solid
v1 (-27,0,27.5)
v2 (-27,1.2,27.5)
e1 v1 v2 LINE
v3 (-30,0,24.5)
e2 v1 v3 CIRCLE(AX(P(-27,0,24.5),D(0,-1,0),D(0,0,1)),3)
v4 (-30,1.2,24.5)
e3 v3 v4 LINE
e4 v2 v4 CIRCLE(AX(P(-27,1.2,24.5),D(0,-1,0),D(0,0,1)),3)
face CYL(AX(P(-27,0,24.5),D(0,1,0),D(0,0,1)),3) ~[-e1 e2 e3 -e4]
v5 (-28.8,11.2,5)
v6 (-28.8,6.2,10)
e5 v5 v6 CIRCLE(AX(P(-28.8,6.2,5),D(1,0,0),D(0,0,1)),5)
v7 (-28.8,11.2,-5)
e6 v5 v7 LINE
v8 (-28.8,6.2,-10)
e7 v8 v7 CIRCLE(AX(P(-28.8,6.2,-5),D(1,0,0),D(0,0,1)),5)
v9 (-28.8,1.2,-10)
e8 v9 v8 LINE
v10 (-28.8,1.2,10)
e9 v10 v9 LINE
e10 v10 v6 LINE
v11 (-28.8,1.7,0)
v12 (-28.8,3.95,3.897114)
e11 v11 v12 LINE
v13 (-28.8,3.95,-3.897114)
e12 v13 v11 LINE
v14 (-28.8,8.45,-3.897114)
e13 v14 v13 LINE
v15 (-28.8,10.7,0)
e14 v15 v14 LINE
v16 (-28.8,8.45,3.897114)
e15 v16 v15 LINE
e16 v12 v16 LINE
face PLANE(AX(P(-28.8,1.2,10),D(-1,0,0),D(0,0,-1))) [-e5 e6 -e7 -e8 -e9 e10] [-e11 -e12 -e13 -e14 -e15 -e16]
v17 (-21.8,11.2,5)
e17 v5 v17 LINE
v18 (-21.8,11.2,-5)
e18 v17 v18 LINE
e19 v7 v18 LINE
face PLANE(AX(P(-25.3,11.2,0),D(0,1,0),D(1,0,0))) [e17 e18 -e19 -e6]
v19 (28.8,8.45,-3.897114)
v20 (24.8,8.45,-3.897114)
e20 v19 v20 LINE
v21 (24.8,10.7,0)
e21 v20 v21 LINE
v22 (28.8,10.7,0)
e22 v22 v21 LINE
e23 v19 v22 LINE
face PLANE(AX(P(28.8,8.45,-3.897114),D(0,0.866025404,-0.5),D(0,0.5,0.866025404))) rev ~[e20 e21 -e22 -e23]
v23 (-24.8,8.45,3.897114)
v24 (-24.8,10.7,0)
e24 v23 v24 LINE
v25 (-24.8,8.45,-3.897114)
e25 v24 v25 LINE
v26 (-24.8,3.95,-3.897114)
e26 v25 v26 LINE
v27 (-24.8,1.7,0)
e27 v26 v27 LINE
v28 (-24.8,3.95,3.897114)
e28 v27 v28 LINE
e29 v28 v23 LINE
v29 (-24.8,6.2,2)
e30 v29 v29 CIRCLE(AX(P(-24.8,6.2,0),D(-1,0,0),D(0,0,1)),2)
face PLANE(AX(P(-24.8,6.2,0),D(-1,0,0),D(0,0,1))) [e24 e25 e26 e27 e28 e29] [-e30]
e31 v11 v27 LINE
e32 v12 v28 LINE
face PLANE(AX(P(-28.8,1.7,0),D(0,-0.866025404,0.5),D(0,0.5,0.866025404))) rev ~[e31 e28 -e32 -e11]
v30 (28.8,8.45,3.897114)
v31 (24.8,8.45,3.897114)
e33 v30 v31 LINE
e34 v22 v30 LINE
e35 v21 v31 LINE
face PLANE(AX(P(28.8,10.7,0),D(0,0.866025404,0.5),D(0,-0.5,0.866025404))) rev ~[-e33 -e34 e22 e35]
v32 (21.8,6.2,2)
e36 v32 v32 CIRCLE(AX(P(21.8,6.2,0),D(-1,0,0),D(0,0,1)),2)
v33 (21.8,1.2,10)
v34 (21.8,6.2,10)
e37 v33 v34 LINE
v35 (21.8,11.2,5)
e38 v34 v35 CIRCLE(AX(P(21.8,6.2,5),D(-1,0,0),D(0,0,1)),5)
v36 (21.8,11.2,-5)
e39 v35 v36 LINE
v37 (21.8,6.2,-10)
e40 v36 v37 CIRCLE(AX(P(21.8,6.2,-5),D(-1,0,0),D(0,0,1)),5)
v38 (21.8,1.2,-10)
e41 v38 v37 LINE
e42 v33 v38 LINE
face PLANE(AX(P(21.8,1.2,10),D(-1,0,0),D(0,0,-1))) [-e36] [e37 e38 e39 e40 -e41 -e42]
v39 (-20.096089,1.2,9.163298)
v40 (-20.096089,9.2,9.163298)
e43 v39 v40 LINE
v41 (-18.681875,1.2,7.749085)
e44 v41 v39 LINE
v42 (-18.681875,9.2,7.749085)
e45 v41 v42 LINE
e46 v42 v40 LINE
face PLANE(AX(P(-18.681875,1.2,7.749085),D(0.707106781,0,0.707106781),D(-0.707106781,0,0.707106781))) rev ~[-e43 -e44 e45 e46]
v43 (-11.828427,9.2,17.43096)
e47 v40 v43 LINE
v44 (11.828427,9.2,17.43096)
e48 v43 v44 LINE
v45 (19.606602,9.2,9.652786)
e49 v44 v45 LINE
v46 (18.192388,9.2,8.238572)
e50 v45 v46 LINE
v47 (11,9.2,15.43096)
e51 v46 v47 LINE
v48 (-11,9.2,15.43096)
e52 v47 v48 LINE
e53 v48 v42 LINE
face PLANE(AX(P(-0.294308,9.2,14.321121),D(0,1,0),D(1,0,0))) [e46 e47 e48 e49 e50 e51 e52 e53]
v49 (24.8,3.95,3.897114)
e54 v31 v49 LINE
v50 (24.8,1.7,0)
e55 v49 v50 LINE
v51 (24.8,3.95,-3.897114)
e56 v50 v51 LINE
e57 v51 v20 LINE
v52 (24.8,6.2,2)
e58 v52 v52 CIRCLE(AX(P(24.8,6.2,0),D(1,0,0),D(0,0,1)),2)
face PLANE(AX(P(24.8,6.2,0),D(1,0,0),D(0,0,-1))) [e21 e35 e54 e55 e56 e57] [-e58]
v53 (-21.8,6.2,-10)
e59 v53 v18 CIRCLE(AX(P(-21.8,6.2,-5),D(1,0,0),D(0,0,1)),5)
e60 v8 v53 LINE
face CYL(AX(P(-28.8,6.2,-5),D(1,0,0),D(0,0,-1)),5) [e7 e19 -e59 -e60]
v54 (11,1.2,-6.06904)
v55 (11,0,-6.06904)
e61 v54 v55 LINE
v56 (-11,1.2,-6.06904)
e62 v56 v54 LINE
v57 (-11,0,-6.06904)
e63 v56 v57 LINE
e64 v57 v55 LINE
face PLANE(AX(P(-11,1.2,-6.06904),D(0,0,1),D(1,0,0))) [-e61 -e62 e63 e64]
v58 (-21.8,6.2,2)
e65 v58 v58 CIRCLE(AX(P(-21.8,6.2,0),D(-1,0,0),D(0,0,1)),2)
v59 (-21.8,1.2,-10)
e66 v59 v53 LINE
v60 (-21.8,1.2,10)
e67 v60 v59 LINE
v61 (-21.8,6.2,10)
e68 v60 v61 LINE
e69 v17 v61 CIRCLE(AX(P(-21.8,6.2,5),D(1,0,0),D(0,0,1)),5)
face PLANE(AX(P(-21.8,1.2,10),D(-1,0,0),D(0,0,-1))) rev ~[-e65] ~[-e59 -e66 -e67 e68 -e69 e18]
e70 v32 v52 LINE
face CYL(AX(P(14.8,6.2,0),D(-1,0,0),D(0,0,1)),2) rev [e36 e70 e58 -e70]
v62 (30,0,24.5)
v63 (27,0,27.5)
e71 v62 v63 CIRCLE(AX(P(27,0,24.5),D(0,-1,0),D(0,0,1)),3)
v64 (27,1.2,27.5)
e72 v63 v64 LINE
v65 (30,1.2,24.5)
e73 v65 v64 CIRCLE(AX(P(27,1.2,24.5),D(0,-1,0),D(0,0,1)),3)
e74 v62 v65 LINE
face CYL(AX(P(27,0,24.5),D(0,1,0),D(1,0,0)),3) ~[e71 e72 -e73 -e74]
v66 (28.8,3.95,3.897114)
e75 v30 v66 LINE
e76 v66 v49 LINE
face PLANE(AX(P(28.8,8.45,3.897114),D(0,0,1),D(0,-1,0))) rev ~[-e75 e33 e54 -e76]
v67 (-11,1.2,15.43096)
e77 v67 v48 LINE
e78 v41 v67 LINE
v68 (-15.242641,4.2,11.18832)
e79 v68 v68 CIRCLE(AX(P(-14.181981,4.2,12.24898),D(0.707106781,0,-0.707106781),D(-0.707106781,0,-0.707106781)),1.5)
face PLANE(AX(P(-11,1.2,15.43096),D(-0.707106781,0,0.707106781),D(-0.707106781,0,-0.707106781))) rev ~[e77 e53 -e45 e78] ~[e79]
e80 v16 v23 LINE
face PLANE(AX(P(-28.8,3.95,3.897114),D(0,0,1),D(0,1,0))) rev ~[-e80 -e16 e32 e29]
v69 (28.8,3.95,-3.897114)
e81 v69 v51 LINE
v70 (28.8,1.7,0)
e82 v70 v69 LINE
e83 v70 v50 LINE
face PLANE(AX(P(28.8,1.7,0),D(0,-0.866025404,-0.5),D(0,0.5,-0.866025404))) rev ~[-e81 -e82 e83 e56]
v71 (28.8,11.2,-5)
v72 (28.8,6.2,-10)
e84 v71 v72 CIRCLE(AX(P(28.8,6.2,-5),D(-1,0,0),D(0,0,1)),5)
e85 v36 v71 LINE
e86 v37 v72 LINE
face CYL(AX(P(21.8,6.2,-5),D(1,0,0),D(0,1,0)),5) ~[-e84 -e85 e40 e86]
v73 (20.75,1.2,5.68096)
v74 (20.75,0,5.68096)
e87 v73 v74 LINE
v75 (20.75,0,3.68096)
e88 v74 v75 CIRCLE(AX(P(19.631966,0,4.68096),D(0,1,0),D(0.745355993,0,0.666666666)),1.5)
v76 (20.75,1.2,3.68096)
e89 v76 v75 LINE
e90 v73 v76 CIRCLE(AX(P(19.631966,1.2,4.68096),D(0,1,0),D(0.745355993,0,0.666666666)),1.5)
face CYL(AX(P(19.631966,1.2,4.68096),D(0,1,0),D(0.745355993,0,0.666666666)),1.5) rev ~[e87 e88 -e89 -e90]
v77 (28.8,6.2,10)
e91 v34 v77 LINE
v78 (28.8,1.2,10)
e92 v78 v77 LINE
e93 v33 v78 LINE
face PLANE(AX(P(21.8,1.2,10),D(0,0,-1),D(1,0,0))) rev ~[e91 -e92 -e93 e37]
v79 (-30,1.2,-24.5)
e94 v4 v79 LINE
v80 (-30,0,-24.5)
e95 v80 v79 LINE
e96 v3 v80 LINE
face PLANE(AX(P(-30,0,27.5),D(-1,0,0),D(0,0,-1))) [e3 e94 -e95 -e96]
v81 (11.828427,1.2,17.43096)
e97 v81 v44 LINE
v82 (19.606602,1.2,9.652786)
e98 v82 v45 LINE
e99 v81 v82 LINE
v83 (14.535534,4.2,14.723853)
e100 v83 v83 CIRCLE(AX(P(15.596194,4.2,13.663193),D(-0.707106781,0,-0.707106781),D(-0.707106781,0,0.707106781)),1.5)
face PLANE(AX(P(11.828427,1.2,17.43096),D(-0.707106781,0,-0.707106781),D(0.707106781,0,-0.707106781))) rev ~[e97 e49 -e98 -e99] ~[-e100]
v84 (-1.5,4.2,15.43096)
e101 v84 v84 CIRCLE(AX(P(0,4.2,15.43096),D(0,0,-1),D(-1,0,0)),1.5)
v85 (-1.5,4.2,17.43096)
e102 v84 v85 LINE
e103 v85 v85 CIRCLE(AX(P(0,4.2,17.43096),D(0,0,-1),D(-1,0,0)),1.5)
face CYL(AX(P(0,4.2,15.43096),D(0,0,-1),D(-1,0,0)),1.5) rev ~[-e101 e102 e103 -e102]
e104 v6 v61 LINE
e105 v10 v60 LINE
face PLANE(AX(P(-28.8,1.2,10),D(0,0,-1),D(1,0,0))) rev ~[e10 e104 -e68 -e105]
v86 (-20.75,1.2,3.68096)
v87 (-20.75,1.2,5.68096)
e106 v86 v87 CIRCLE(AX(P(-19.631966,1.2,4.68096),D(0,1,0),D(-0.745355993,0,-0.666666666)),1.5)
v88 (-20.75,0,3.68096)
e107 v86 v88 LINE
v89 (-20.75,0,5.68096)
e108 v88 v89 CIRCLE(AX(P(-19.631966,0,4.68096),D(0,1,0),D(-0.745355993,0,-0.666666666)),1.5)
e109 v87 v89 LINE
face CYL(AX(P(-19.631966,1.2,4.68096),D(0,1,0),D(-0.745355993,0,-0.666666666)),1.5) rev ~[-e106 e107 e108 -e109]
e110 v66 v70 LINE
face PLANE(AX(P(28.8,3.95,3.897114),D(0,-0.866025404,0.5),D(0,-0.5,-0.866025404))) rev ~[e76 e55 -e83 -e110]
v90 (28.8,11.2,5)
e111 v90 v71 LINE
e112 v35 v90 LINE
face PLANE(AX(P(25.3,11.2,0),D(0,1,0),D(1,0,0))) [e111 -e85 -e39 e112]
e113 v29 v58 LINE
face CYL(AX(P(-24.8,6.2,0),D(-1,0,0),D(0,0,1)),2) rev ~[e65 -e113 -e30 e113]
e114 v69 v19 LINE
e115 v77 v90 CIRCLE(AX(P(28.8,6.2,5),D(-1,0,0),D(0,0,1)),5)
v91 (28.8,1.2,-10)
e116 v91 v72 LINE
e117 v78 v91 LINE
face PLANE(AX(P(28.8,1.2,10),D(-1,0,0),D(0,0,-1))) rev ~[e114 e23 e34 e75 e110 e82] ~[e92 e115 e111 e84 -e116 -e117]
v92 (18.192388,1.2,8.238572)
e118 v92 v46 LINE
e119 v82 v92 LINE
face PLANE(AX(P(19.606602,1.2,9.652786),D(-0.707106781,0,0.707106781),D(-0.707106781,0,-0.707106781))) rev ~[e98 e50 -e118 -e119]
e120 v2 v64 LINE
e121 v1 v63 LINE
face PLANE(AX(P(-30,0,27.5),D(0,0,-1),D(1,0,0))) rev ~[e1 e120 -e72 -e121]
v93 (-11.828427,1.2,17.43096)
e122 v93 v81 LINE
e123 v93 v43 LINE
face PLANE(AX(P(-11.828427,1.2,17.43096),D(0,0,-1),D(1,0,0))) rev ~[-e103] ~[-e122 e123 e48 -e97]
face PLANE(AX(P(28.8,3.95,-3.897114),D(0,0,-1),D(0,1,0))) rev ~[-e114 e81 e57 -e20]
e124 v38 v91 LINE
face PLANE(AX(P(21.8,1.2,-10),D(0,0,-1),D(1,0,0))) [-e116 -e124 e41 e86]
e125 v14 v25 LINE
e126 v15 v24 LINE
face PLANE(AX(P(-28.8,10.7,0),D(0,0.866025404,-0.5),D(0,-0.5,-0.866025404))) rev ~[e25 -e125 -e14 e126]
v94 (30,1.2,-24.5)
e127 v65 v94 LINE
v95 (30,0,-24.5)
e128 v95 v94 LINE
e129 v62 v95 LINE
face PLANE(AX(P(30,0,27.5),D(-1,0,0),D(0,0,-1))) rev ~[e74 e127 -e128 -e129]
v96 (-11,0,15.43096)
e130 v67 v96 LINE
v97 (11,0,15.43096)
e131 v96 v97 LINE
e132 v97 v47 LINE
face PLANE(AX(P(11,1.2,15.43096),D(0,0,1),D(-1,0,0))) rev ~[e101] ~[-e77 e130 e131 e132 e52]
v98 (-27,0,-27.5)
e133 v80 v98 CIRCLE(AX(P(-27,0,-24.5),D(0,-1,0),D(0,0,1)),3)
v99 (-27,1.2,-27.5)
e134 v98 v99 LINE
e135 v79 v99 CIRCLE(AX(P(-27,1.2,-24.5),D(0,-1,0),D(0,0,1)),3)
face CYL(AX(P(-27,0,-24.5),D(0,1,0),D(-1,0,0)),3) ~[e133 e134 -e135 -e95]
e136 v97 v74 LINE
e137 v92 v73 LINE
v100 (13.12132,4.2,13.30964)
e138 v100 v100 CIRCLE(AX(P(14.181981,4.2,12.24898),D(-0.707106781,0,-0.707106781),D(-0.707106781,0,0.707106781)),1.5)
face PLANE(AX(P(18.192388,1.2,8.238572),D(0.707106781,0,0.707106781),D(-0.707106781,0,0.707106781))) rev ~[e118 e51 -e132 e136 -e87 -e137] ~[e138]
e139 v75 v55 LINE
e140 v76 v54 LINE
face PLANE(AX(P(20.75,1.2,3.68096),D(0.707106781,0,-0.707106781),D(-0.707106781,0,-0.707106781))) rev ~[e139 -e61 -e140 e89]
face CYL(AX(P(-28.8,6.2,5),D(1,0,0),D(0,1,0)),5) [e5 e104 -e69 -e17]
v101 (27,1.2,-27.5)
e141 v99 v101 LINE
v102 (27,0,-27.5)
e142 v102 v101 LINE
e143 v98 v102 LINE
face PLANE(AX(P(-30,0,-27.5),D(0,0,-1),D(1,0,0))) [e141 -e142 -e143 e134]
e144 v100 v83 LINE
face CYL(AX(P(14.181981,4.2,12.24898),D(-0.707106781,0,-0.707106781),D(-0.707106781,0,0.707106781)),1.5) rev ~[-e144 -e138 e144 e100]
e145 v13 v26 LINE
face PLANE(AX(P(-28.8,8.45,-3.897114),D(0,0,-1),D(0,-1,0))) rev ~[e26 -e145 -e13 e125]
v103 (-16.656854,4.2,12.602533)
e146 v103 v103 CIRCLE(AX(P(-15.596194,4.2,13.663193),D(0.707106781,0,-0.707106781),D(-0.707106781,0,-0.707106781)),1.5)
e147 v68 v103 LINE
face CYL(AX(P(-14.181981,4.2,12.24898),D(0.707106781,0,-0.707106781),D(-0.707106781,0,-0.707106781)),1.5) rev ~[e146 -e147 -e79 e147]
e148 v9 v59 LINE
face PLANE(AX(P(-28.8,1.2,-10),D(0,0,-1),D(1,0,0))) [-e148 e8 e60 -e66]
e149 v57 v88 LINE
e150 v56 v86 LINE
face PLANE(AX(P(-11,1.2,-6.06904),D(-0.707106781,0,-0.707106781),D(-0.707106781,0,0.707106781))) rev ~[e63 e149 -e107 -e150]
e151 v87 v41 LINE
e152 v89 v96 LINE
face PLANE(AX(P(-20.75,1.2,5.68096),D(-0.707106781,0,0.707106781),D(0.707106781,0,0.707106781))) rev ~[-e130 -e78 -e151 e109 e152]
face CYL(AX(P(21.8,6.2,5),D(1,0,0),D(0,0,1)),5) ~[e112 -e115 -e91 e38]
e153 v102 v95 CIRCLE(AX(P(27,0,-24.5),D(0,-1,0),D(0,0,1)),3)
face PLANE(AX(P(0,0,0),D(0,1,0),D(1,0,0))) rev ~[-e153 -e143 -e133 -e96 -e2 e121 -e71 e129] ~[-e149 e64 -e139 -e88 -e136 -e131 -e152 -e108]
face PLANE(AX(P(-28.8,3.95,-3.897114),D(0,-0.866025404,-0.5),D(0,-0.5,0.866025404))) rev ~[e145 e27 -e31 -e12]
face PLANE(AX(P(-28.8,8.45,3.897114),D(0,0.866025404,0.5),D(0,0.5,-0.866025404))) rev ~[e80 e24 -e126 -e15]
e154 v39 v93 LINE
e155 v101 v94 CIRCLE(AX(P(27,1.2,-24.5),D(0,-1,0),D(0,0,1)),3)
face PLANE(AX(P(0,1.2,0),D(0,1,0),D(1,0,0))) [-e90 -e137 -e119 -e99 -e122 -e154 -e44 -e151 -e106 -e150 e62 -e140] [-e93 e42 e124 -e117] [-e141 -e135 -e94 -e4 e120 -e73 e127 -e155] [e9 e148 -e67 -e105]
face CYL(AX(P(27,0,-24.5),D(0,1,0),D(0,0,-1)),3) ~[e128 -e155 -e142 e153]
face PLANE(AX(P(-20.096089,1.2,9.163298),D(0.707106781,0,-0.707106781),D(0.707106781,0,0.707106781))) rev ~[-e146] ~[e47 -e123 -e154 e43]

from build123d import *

# Parameters (mm, degrees)
ESBO_O1_W                = 60
ESBO_O1_H                = 55
RESSALTO_EXTRUS_O1_DEPTH = 1.2
ESBO_O2_W                = 22
ESBO_O2_H                = 21.5
CORTE_EXTRUS_O1_DEPTH    = 41.714739346
RESSALTO_EXTRUS_O2_DEPTH = 8
ESBO_O4_R                = 1.5
CORTE_EXTRUS_O2_DEPTH    = 7
ESBO_O5_R                = 1.5
CORTE_EXTRUS_O3_DEPTH    = 7
ESBO_O6_R                = 1.5
CORTE_EXTRUS_O4_DEPTH    = 7
FILETE1_R                = 3
FILETE2_R                = 3
FILETE3_R                = 3
FILETE4_R                = 3
ESBO_O8_W                = 7
ESBO_O8_H                = 20
RESSALTO_EXTRUS_O3_DEPTH = 10
CORTE_EXTRUS_O6_DEPTH    = 4
ESBO_O11_R               = 2
CORTE_EXTRUS_O7_DEPTH    = 10
CORTE_EXTRUS_O8_DEPTH    = 4
CORTE_EXTRUS_O9_START    = -10
ESBO_O13_R               = 2
CORTE_EXTRUS_O9_DEPTH    = 10
FILETE5_R                = 5
FILETE6_R                = 5
FILETE7_R                = 5
FILETE9_R                = 5


with BuildPart() as part:
    # Esboço1 → Ressalto-extrusão1 (new body)
    with BuildSketch(Plane(origin=(0, 0, 0), x_dir=(1, 0, 0), z_dir=(0, 1, 0))):
        Rectangle(ESBO_O1_W, ESBO_O1_H)
    extrude(amount=RESSALTO_EXTRUS_O1_DEPTH)

    # Esboço2 → Corte-extrusão1 (cut, through all)
    with BuildSketch(Plane(origin=(0, 1.2, 0), x_dir=(1, 0, 0), z_dir=(0, 1, 0))):
        with Locations((0, -4.680960194)):
            Rectangle(ESBO_O2_W, ESBO_O2_H)
        with BuildLine():
            Line((-20.75, -5.680960194), (-11, -15.430960194))
            Line((-11, -15.430960194), (-11, 6.069039806))
            Line((-11, 6.069039806), (-20.75, -3.680960194))
            ThreePointArc((-20.75, -3.680960194), (-21.131966011, -4.680960194), (-20.75, -5.680960194))
        make_face()
        with BuildLine():
            Line((11, 6.069039806), (11, -15.430960194))
            Line((11, -15.430960194), (20.75, -5.680960194))
            ThreePointArc((20.75, -5.680960194), (21.131966011, -4.680960194), (20.75, -3.680960194))
            Line((20.75, -3.680960194), (11, 6.069039806))
        make_face()
    extrude(amount=-CORTE_EXTRUS_O1_DEPTH, mode=Mode.SUBTRACT)

    # Esboço3 → Ressalto-extrusão2 (add)
    with BuildSketch(Plane(origin=(0, 1.2, 0), x_dir=(1, 0, 0), z_dir=(0, 1, 0))):
        Polygon((-10.998427125, -17.430960194), (10.998427125, -17.430960194), (11.828427125, -17.430960194), (19.606601718, -9.652785601), (18.192388155, -8.238572039), (11, -15.430960194), (-11, -15.430960194), (-18.681875297, -7.749084898), (-20.096088859, -9.16329846), (-11.828427125, -17.430960194), align=None)
    extrude(amount=RESSALTO_EXTRUS_O2_DEPTH)

    # Esboço4 → Corte-extrusão2 (cut)
    with BuildSketch(Plane(origin=(13.215480097, 0, 13.215480097), x_dir=(-0.7071067811865465, 0, 0.7071067811865487), z_dir=(-0.7071067811865487, 0, -0.7071067811865465))):
        with Locations((-1.366837999, 4.2)):
            Circle(ESBO_O4_R)
    extrude(amount=-CORTE_EXTRUS_O2_DEPTH, mode=Mode.SUBTRACT)

    # Esboço5 → Corte-extrusão3 (cut)
    with BuildSketch(Plane(origin=(0, 0, 15.430960194), x_dir=(-1, 0, 0), z_dir=(0, 0, -1))):
        with Locations((0, 4.2)):
            Circle(ESBO_O5_R)
    extrude(amount=-CORTE_EXTRUS_O3_DEPTH, mode=Mode.SUBTRACT)

    # Esboço6 → Corte-extrusão4 (cut)
    with BuildSketch(Plane(origin=(-13.215480097, 0, 13.215480097), x_dir=(-0.7071067811865466, 0, -0.7071067811865485), z_dir=(0.7071067811865485, 0, -0.7071067811865466))):
        with Locations((1.366837999, 4.2)):
            Circle(ESBO_O6_R)
    extrude(amount=-CORTE_EXTRUS_O4_DEPTH, mode=Mode.SUBTRACT)

    # Filete1
    filete1_edges = [part.edges().sort_by_distance(p)[0] for p in [
        (-30, 0.6, -27.5),
    ]]
    fillet(filete1_edges, radius=FILETE1_R)

    # Filete2
    filete2_edges = [part.edges().sort_by_distance(p)[0] for p in [
        (30, 0.6, -27.5),
    ]]
    fillet(filete2_edges, radius=FILETE2_R)

    # Filete3
    filete3_edges = [part.edges().sort_by_distance(p)[0] for p in [
        (30, 0.6, 27.5),
    ]]
    fillet(filete3_edges, radius=FILETE3_R)

    # Filete4
    filete4_edges = [part.edges().sort_by_distance(p)[0] for p in [
        (-30, 0.6, 27.5),
    ]]
    fillet(filete4_edges, radius=FILETE4_R)

    # Esboço8 → Ressalto-extrusão3 (add)
    with BuildSketch(Plane(origin=(0, 1.2, 0), x_dir=(1, 0, 0), z_dir=(0, 1, 0))):
        with Locations((-25.3, 0)):
            Rectangle(ESBO_O8_W, ESBO_O8_H)
        with Locations((25.3, 0)):
            Rectangle(ESBO_O8_W, ESBO_O8_H)
    extrude(amount=RESSALTO_EXTRUS_O3_DEPTH)

    # Esboço9 → Corte-extrusão6 (cut)
    with BuildSketch(Plane.ZY.offset(28.8)):
        Polygon((0, 1.7), (3.897114317, 3.95), (3.897114317, 8.45), (0, 10.7), (-3.897114317, 8.45), (-3.897114317, 3.95), align=None)
    extrude(amount=-CORTE_EXTRUS_O6_DEPTH, mode=Mode.SUBTRACT)

    # Esboço11 → Corte-extrusão7 (cut)
    with BuildSketch(Plane.ZY.offset(24.8)):
        with Locations((0, 6.2)):
            Circle(ESBO_O11_R)
    extrude(amount=-CORTE_EXTRUS_O7_DEPTH, mode=Mode.SUBTRACT)

    # Esboço12 → Corte-extrusão8 (cut)
    with BuildSketch(Plane(origin=(28.8, 0, 0), x_dir=(0, 0, -1), z_dir=(1, 0, 0))):
        Polygon((0, 1.7), (3.897114317, 3.95), (3.897114317, 8.45), (0, 10.7), (-3.897114317, 8.45), (-3.897114317, 3.95), align=None)
    extrude(amount=-CORTE_EXTRUS_O8_DEPTH, mode=Mode.SUBTRACT)

    # Esboço13 → Corte-extrusão9 (cut)
    with BuildSketch(Plane(origin=(24.8, 0, 0), x_dir=(0, 0, -1), z_dir=(1, 0, 0)).offset(CORTE_EXTRUS_O9_START)):
        with Locations(Location((0, 6.2, 0), (0, 0, 180))):
            Circle(ESBO_O13_R)
    extrude(amount=CORTE_EXTRUS_O9_DEPTH, mode=Mode.SUBTRACT)

    # Filete5
    filete5_edges = [part.edges().sort_by_distance(p)[0] for p in [
        (25.3, 11.2, 10),
    ]]
    fillet(filete5_edges, radius=FILETE5_R)

    # Filete6
    filete6_edges = [part.edges().sort_by_distance(p)[0] for p in [
        (25.3, 11.2, -10),
    ]]
    fillet(filete6_edges, radius=FILETE6_R)

    # Filete7
    filete7_edges = [part.edges().sort_by_distance(p)[0] for p in [
        (-25.3, 11.2, -10),
    ]]
    fillet(filete7_edges, radius=FILETE7_R)

    # Filete9
    filete9_edges = [part.edges().sort_by_distance(p)[0] for p in [
        (-25.3, 11.2, 10),
    ]]
    fillet(filete9_edges, radius=FILETE9_R)


solid = part.part
